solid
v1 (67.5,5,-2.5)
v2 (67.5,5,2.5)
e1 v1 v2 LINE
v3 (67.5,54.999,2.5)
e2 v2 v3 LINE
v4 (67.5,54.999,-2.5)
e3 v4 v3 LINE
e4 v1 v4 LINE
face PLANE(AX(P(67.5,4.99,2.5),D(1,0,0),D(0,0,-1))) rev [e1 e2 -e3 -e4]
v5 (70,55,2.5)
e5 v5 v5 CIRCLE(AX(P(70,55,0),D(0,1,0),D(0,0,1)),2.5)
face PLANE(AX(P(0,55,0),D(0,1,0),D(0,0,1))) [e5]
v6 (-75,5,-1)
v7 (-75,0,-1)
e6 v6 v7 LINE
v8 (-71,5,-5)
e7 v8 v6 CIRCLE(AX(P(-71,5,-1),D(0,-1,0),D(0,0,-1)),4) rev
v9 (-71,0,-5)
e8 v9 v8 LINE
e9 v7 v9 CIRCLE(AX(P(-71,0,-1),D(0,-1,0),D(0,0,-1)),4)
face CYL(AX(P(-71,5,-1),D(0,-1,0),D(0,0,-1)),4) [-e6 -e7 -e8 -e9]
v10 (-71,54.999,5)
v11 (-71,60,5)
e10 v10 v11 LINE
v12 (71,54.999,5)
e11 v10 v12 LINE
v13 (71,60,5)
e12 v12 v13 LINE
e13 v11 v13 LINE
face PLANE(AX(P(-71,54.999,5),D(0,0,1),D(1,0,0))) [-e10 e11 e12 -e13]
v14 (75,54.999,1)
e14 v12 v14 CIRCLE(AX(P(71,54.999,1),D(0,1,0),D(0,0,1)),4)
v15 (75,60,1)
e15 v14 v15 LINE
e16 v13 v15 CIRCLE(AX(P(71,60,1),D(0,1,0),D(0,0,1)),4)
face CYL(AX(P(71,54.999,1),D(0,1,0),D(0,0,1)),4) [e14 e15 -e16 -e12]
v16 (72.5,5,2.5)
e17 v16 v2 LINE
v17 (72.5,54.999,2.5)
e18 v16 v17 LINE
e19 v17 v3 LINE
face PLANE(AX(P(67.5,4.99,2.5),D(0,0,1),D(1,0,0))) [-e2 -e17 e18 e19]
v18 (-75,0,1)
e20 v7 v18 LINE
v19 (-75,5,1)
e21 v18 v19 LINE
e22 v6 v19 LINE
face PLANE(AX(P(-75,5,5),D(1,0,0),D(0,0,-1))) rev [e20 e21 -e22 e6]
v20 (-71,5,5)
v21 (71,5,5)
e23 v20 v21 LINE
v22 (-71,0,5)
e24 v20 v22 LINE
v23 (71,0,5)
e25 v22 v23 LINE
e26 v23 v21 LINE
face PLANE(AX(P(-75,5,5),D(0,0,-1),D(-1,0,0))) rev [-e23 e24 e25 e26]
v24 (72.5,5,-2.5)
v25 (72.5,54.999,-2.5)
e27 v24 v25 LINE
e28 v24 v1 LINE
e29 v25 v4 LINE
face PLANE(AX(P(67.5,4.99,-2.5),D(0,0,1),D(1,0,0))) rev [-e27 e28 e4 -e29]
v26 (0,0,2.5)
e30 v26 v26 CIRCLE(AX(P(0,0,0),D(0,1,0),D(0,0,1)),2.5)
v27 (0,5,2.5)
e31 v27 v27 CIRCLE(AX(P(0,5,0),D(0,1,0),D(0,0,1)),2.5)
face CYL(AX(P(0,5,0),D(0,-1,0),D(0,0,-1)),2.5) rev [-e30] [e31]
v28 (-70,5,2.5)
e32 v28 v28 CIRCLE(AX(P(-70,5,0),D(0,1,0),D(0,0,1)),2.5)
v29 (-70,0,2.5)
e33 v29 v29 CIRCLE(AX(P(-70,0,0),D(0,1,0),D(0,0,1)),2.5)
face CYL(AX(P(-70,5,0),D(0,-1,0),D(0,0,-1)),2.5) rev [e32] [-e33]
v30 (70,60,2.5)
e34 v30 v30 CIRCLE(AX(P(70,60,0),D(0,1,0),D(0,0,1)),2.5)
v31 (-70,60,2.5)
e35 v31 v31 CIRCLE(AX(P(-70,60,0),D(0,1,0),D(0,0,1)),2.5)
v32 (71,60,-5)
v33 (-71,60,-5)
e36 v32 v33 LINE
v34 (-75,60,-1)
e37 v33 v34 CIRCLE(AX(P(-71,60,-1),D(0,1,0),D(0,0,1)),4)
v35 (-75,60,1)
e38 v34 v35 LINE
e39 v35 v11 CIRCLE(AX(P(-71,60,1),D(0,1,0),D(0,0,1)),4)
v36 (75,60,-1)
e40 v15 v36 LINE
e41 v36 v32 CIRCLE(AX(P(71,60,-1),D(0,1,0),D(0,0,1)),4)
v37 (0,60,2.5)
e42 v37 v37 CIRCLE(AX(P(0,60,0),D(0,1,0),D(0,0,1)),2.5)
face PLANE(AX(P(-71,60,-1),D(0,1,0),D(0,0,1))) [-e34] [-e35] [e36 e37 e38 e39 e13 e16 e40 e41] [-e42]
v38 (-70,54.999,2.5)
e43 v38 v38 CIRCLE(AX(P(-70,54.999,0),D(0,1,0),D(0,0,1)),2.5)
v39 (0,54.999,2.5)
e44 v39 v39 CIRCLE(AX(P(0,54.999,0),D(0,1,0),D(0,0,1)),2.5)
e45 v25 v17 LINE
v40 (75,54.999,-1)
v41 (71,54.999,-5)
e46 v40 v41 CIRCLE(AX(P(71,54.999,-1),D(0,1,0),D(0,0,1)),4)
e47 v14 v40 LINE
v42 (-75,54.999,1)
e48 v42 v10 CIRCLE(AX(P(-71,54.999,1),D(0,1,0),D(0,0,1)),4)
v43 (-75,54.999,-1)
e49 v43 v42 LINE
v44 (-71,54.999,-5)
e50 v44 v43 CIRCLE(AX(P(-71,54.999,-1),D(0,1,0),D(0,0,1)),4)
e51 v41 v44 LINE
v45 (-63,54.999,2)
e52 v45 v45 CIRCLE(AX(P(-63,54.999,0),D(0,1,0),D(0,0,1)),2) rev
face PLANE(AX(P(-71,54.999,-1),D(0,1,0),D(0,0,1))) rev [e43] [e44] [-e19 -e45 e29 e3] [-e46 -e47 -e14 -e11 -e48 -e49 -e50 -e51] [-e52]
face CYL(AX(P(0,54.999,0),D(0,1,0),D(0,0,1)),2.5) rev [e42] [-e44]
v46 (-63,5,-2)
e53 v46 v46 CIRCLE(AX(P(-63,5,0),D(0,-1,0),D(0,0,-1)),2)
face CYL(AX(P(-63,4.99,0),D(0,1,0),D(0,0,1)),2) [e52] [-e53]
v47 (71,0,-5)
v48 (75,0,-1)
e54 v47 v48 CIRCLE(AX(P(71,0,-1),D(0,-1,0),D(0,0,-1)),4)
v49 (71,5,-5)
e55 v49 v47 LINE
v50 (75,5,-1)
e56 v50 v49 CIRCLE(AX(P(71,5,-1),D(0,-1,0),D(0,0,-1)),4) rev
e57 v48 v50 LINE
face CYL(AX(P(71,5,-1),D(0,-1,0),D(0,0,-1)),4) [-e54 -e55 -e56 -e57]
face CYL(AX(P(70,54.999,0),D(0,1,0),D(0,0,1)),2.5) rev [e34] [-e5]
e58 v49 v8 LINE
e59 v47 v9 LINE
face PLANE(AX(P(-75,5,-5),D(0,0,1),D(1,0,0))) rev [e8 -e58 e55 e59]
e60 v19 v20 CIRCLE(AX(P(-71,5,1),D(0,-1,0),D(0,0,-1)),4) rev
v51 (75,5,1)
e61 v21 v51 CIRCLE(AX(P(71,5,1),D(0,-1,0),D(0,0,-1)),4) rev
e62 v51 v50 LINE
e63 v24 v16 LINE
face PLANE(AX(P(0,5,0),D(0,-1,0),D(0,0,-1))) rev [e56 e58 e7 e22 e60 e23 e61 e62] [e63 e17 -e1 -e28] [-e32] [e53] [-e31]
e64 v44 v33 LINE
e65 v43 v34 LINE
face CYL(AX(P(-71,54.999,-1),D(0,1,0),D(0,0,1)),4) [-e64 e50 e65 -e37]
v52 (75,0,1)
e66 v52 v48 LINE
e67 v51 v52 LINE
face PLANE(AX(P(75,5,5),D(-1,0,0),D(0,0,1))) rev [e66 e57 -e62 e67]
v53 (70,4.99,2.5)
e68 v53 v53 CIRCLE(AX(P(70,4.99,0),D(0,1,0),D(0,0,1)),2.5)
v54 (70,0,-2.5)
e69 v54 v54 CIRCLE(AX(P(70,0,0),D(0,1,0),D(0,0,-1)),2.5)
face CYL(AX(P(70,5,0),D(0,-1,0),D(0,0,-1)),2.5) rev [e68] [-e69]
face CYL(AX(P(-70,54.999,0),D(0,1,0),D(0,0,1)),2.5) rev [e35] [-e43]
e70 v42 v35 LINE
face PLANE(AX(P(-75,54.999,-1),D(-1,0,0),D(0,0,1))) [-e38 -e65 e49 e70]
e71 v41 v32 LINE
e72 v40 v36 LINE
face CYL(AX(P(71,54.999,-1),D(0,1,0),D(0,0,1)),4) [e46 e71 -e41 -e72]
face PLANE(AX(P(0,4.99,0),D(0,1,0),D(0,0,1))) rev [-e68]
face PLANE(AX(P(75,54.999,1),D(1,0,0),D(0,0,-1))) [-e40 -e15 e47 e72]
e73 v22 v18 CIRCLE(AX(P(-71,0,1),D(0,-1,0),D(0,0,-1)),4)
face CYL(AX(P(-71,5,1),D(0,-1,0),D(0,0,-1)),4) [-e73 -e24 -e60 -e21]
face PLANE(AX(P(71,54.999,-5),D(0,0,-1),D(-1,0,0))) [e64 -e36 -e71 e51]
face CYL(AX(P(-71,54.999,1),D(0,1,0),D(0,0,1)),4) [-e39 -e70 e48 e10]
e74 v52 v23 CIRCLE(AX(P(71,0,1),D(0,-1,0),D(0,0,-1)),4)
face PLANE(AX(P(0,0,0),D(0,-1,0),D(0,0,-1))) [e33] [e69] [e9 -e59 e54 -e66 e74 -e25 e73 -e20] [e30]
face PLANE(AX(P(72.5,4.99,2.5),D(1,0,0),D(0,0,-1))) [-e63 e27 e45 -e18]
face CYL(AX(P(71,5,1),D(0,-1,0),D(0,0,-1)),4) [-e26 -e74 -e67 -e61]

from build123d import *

# Parameters (mm, degrees)
CROQUIS1_W                    = 150
CROQUIS1_H                    = 10
CROQUIS1_R                    = 2.5
SALIENTE_EXTRUIR1_DEPTH       = 5
REDONDEO1_R                   = 4
CROQUIS2_R                    = 2
CROQUIS2_W                    = 5
CROQUIS2_H                    = 5
SALIENTE_EXTRUIR2_DEPTH       = 50
SALIENTE_EXTRUIR2_DEPTH_BACK  = 0.01
CROQUIS3_R                    = 2.5
SALIENTE_EXTRUIR10_DEPTH      = 5
SALIENTE_EXTRUIR10_DEPTH_BACK = 0.001


with BuildPart() as part:
    # Croquis1 → Saliente-Extruir1 (new body)
    with BuildSketch(Plane(origin=(0, 0, 0), x_dir=(1, 0, 0), z_dir=(0, 1, 0))):
        Rectangle(CROQUIS1_W, CROQUIS1_H)
        with Locations((-70, 0)):
            Circle(CROQUIS1_R, mode=Mode.SUBTRACT)
        with Locations((70, 0)):
            Circle(CROQUIS1_R, mode=Mode.SUBTRACT)
        Circle(CROQUIS1_R, mode=Mode.SUBTRACT)
    extrude(amount=SALIENTE_EXTRUIR1_DEPTH)

    # Redondeo1
    redondeo1_edges = [part.edges().sort_by_distance(p)[0] for p in [
        (75, 2.5, 5),
        (-75, 2.5, 5),
        (-75, 2.5, -5),
        (75, 2.5, -5),
    ]]
    fillet(redondeo1_edges, radius=REDONDEO1_R)

    # Croquis2 → Saliente-Extruir2 (add, two sides)
    with BuildSketch(Plane(origin=(0, 5, 0), x_dir=(1, 0, 0), z_dir=(0, 1, 0))) as saliente_extruir2_sk:
        with Locations((-63, 0)):
            Circle(CROQUIS2_R)
        with Locations((70, 0)):
            Rectangle(CROQUIS2_W, CROQUIS2_H)
    extrude(amount=SALIENTE_EXTRUIR2_DEPTH)
    extrude(saliente_extruir2_sk.sketch, amount=-SALIENTE_EXTRUIR2_DEPTH_BACK)

    # Croquis3 → Saliente-Extruir10 (add, two sides)
    with BuildSketch(Plane(origin=(0, 55, 0), x_dir=(1, 0, 0), z_dir=(0, 1, 0))) as saliente_extruir10_sk:
        with BuildLine():
            Line((-75, 1), (-75, -1))
            ThreePointArc((-75, -1), (-73.828427125, -3.828427125), (-71, -5))
            Line((-71, -5), (71, -5))
            ThreePointArc((71, -5), (73.828427125, -3.828427125), (75, -1))
            Line((75, -1), (75, 1))
            ThreePointArc((75, 1), (73.828427125, 3.828427125), (71, 5))
            Line((71, 5), (-71, 5))
            ThreePointArc((-71, 5), (-73.828427125, 3.828427125), (-75, 1))
        make_face()
        with Locations((70, 0)):
            Circle(CROQUIS3_R, mode=Mode.SUBTRACT)
        Circle(CROQUIS3_R, mode=Mode.SUBTRACT)
        with Locations((-70, 0)):
            Circle(CROQUIS3_R, mode=Mode.SUBTRACT)
    extrude(amount=SALIENTE_EXTRUIR10_DEPTH)
    extrude(saliente_extruir10_sk.sketch, amount=-SALIENTE_EXTRUIR10_DEPTH_BACK)


solid = part.part
